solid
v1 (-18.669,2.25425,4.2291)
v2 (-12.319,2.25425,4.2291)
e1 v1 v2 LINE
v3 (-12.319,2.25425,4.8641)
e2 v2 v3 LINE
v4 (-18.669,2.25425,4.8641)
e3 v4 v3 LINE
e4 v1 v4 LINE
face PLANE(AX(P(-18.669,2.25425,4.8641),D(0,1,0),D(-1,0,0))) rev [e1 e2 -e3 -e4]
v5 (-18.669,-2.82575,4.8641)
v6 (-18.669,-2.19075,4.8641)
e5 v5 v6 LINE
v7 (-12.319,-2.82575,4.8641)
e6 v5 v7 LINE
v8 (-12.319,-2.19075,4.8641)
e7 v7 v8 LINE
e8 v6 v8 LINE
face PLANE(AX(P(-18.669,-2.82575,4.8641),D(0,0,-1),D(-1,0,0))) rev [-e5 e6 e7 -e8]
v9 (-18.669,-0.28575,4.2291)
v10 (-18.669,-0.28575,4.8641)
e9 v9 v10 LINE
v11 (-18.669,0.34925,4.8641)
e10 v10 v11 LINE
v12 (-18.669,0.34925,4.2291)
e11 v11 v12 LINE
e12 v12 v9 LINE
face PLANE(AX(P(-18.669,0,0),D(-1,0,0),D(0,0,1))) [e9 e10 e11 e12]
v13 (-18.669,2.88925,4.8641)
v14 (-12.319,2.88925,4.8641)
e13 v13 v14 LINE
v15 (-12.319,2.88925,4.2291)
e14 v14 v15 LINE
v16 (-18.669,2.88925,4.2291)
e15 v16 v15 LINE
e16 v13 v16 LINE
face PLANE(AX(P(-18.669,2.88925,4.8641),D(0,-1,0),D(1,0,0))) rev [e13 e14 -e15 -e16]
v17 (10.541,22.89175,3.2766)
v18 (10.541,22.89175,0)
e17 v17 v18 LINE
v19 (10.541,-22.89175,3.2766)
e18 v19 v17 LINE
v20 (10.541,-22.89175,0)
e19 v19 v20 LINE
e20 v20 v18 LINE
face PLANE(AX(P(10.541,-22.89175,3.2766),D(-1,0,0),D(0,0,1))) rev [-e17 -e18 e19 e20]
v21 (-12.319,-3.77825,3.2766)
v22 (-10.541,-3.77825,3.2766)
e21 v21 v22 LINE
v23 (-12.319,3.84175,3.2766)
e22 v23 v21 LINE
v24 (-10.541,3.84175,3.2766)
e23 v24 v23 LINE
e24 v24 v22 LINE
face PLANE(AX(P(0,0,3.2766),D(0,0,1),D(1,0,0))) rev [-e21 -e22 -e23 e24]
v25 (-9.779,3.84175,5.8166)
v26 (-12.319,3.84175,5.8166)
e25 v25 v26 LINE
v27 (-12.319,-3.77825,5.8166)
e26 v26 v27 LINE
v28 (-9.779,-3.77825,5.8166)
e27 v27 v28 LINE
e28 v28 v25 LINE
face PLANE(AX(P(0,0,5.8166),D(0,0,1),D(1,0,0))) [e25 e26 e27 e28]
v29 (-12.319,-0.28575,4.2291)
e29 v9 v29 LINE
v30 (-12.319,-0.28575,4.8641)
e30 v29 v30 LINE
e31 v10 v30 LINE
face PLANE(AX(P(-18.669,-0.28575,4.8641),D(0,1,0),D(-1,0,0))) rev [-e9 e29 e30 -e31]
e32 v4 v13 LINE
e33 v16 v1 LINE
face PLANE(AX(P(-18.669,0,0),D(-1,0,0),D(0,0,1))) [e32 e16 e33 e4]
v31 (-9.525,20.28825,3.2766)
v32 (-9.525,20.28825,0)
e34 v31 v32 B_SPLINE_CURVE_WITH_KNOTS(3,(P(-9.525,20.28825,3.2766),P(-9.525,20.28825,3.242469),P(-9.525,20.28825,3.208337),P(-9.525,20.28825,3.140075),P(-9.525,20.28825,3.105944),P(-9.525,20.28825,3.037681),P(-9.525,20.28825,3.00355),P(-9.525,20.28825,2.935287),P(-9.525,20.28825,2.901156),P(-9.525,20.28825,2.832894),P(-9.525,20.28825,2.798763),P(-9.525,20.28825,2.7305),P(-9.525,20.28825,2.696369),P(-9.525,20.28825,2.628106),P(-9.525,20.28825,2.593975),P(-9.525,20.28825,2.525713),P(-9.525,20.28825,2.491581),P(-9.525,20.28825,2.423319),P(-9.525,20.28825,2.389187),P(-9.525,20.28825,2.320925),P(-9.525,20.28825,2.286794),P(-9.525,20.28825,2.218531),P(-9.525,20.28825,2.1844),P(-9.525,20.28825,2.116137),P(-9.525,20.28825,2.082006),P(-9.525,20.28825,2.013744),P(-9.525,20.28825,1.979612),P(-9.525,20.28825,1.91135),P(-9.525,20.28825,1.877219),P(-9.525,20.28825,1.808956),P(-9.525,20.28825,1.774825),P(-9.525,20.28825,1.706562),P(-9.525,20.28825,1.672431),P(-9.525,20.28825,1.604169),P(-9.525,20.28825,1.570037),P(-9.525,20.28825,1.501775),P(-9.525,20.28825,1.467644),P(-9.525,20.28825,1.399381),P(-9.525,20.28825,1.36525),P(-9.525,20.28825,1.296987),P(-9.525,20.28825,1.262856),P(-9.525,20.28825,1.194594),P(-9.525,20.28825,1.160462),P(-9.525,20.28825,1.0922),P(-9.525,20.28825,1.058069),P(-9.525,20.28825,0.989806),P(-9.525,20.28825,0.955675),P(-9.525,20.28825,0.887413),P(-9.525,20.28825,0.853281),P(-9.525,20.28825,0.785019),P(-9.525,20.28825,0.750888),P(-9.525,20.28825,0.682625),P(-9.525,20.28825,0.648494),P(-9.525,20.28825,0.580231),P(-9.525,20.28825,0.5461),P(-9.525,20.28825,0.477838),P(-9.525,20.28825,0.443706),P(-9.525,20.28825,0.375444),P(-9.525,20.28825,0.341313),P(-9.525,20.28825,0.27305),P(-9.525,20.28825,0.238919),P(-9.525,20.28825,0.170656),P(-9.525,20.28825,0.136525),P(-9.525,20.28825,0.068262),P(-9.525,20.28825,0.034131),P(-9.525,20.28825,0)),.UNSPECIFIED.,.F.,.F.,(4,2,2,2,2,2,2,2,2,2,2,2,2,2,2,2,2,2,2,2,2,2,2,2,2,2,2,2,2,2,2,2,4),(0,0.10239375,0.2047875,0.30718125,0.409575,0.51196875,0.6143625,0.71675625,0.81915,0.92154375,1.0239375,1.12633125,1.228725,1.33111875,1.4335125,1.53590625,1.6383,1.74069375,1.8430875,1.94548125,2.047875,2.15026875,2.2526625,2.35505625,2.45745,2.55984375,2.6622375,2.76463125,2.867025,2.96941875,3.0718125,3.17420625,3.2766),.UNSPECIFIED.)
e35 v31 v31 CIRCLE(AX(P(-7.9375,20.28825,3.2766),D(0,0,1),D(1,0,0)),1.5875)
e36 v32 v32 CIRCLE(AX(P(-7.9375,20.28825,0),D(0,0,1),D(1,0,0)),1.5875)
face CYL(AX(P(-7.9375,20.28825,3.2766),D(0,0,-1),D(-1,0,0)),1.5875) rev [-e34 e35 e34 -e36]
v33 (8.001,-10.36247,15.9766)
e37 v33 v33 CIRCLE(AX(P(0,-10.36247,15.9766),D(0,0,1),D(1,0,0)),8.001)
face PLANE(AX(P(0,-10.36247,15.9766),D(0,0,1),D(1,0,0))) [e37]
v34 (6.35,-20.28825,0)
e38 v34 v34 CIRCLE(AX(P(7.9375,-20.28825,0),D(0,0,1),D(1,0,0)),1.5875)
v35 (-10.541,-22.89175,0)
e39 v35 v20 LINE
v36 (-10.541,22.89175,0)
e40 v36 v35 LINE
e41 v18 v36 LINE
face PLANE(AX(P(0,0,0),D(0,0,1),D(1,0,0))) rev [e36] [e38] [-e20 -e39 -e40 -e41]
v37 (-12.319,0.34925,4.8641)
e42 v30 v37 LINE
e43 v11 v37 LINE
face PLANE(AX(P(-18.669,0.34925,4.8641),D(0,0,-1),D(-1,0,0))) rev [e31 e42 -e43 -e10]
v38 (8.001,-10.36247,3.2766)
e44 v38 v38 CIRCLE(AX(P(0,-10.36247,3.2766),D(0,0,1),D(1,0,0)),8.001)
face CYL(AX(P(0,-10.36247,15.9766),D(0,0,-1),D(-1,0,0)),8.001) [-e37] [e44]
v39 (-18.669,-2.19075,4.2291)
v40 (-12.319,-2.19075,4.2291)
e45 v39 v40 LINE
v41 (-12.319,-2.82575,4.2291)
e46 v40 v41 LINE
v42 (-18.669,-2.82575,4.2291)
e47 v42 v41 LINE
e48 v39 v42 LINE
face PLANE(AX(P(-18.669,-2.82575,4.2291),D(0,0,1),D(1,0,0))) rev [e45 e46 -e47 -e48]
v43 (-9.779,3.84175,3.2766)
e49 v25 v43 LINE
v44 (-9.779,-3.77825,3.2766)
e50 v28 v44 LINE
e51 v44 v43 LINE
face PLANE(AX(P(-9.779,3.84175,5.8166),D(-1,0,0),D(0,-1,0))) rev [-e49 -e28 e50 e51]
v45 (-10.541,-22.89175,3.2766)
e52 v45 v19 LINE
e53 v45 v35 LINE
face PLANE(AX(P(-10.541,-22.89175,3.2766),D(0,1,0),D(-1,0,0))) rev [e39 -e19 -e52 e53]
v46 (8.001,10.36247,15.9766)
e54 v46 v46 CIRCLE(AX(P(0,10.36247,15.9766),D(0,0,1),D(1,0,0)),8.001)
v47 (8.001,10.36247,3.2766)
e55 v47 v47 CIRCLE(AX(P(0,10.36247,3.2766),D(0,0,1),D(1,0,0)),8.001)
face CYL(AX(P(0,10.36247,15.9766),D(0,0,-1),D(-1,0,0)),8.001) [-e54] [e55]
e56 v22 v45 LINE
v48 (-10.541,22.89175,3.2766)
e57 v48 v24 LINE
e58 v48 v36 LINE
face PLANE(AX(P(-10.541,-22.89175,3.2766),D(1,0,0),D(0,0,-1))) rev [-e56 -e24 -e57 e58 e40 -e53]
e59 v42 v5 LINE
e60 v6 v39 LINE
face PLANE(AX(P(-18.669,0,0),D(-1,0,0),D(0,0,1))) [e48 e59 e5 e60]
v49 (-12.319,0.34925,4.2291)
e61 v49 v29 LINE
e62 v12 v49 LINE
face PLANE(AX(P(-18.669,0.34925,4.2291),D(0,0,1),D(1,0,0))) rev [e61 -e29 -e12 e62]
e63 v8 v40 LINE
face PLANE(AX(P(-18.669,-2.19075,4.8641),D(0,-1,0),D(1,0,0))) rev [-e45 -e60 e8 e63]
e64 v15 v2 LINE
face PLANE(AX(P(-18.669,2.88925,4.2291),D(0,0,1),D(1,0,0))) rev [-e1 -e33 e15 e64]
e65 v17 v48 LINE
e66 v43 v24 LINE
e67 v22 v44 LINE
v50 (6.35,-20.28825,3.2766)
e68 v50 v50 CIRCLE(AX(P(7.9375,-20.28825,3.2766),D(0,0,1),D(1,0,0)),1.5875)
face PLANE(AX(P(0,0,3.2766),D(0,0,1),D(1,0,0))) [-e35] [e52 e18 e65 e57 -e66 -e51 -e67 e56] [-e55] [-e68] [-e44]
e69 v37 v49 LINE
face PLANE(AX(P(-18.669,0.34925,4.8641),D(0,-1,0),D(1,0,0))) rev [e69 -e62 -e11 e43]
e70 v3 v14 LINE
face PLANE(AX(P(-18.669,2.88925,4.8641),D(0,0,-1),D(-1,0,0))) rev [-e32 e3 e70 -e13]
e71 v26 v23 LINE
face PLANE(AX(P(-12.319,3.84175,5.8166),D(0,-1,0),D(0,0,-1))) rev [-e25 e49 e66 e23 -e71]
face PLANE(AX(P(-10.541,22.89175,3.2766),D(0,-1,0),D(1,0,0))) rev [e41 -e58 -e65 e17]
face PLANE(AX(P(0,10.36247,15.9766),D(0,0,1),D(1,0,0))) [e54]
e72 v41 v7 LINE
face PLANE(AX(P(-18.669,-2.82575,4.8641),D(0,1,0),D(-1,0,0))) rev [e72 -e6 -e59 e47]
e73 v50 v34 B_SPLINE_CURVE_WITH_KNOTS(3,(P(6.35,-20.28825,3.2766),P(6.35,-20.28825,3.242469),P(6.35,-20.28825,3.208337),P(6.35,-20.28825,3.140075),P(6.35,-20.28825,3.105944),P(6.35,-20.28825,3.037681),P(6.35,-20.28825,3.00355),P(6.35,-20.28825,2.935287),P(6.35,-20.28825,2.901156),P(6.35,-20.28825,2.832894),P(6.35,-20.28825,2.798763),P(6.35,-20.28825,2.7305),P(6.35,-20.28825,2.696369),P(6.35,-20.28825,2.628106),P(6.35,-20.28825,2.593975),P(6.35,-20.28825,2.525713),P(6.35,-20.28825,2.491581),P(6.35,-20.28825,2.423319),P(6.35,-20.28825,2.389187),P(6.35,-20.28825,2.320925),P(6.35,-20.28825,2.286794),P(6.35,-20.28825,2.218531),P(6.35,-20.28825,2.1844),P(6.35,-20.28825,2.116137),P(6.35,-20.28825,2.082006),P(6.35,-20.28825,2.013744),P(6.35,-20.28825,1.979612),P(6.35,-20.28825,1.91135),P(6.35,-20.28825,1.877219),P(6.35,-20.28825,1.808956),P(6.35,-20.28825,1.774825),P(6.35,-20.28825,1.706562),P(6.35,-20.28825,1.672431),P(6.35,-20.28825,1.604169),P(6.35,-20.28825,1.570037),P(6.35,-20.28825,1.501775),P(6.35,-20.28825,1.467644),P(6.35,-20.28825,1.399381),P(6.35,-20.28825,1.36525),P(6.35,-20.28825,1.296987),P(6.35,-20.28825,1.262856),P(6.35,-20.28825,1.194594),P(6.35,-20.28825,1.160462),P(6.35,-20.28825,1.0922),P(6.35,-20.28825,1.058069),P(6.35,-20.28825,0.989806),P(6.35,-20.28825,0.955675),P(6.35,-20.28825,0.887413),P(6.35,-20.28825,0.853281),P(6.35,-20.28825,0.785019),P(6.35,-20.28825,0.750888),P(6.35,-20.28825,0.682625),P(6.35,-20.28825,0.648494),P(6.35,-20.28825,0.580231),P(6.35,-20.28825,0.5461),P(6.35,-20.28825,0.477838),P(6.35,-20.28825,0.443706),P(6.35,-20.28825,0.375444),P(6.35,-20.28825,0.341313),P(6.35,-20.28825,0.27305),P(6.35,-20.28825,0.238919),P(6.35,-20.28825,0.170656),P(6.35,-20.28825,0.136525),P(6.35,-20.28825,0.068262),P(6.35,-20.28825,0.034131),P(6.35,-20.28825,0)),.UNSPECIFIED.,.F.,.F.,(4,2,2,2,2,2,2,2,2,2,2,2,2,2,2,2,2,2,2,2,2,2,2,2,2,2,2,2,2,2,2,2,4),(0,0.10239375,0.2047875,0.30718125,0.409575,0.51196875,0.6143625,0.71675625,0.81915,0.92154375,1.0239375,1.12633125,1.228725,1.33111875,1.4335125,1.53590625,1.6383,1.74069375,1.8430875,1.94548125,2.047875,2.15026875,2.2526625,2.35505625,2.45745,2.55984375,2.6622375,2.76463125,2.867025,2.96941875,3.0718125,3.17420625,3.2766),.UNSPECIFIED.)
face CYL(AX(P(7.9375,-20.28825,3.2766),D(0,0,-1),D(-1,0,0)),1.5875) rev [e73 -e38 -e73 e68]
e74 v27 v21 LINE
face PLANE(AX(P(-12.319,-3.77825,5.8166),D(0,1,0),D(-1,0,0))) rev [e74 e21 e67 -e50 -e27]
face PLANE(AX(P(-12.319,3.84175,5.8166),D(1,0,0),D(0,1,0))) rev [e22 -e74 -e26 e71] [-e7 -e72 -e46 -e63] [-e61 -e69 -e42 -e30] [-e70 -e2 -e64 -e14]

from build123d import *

# Parameters (mm, degrees)
SKETCH1_W           = 45.7835
SKETCH1_H           = 21.082
SKETCH1_R           = 1.5875
BOSS_EXTRUDE1_DEPTH = 3.2766
SKETCH2_R           = 8.001
BOSS_EXTRUDE2_DEPTH = 12.7
SKETCH3_W           = 2.54
SKETCH3_H           = 7.62
BOSS_EXTRUDE3_DEPTH = 2.54
SKETCH4_W           = 0.635
SKETCH4_H           = 0.635
BOSS_EXTRUDE4_DEPTH = 6.35


with BuildPart() as part:
    # Sketch1 → Boss-Extrude1 (new body)
    with BuildSketch(Plane(origin=(0, 0, 0), x_dir=(0, 1, 0), z_dir=(0, 0, 1))):
        Rectangle(SKETCH1_W, SKETCH1_H)
        with Locations(Location((-20.28825, -7.9375, 0), (0, 0, 90))):
            Circle(SKETCH1_R, mode=Mode.SUBTRACT)
        with Locations(Location((20.28825, 7.9375, 0), (0, 0, 90))):
            Circle(SKETCH1_R, mode=Mode.SUBTRACT)
    extrude(amount=BOSS_EXTRUDE1_DEPTH)

    # Sketch2 → Boss-Extrude2 (add)
    with BuildSketch(Plane.XY.offset(3.2766)):
        with Locations((0, 10.362469871)):
            Circle(SKETCH2_R)
        with Locations((0, -10.362469871)):
            Circle(SKETCH2_R)
    extrude(amount=BOSS_EXTRUDE2_DEPTH)

    # Sketch3 → Boss-Extrude3 (add)
    with BuildSketch(Plane.XY.offset(3.2766)):
        with Locations((-11.049, 0.03175)):
            Rectangle(SKETCH3_W, SKETCH3_H)
    extrude(amount=BOSS_EXTRUDE3_DEPTH)

    # Sketch4 → Boss-Extrude4 (add)
    with BuildSketch(Plane(origin=(-12.319, 0, 0), x_dir=(0, -1, 0), z_dir=(-1, 0, 0))):
        with Locations((2.50825, 4.5466)):
            Rectangle(SKETCH4_W, SKETCH4_H)
        with Locations((-0.03175, 4.5466)):
            Rectangle(SKETCH4_W, SKETCH4_H)
        with Locations((-2.57175, 4.5466)):
            Rectangle(SKETCH4_W, SKETCH4_H)
    extrude(amount=BOSS_EXTRUDE4_DEPTH)


solid = part.part
